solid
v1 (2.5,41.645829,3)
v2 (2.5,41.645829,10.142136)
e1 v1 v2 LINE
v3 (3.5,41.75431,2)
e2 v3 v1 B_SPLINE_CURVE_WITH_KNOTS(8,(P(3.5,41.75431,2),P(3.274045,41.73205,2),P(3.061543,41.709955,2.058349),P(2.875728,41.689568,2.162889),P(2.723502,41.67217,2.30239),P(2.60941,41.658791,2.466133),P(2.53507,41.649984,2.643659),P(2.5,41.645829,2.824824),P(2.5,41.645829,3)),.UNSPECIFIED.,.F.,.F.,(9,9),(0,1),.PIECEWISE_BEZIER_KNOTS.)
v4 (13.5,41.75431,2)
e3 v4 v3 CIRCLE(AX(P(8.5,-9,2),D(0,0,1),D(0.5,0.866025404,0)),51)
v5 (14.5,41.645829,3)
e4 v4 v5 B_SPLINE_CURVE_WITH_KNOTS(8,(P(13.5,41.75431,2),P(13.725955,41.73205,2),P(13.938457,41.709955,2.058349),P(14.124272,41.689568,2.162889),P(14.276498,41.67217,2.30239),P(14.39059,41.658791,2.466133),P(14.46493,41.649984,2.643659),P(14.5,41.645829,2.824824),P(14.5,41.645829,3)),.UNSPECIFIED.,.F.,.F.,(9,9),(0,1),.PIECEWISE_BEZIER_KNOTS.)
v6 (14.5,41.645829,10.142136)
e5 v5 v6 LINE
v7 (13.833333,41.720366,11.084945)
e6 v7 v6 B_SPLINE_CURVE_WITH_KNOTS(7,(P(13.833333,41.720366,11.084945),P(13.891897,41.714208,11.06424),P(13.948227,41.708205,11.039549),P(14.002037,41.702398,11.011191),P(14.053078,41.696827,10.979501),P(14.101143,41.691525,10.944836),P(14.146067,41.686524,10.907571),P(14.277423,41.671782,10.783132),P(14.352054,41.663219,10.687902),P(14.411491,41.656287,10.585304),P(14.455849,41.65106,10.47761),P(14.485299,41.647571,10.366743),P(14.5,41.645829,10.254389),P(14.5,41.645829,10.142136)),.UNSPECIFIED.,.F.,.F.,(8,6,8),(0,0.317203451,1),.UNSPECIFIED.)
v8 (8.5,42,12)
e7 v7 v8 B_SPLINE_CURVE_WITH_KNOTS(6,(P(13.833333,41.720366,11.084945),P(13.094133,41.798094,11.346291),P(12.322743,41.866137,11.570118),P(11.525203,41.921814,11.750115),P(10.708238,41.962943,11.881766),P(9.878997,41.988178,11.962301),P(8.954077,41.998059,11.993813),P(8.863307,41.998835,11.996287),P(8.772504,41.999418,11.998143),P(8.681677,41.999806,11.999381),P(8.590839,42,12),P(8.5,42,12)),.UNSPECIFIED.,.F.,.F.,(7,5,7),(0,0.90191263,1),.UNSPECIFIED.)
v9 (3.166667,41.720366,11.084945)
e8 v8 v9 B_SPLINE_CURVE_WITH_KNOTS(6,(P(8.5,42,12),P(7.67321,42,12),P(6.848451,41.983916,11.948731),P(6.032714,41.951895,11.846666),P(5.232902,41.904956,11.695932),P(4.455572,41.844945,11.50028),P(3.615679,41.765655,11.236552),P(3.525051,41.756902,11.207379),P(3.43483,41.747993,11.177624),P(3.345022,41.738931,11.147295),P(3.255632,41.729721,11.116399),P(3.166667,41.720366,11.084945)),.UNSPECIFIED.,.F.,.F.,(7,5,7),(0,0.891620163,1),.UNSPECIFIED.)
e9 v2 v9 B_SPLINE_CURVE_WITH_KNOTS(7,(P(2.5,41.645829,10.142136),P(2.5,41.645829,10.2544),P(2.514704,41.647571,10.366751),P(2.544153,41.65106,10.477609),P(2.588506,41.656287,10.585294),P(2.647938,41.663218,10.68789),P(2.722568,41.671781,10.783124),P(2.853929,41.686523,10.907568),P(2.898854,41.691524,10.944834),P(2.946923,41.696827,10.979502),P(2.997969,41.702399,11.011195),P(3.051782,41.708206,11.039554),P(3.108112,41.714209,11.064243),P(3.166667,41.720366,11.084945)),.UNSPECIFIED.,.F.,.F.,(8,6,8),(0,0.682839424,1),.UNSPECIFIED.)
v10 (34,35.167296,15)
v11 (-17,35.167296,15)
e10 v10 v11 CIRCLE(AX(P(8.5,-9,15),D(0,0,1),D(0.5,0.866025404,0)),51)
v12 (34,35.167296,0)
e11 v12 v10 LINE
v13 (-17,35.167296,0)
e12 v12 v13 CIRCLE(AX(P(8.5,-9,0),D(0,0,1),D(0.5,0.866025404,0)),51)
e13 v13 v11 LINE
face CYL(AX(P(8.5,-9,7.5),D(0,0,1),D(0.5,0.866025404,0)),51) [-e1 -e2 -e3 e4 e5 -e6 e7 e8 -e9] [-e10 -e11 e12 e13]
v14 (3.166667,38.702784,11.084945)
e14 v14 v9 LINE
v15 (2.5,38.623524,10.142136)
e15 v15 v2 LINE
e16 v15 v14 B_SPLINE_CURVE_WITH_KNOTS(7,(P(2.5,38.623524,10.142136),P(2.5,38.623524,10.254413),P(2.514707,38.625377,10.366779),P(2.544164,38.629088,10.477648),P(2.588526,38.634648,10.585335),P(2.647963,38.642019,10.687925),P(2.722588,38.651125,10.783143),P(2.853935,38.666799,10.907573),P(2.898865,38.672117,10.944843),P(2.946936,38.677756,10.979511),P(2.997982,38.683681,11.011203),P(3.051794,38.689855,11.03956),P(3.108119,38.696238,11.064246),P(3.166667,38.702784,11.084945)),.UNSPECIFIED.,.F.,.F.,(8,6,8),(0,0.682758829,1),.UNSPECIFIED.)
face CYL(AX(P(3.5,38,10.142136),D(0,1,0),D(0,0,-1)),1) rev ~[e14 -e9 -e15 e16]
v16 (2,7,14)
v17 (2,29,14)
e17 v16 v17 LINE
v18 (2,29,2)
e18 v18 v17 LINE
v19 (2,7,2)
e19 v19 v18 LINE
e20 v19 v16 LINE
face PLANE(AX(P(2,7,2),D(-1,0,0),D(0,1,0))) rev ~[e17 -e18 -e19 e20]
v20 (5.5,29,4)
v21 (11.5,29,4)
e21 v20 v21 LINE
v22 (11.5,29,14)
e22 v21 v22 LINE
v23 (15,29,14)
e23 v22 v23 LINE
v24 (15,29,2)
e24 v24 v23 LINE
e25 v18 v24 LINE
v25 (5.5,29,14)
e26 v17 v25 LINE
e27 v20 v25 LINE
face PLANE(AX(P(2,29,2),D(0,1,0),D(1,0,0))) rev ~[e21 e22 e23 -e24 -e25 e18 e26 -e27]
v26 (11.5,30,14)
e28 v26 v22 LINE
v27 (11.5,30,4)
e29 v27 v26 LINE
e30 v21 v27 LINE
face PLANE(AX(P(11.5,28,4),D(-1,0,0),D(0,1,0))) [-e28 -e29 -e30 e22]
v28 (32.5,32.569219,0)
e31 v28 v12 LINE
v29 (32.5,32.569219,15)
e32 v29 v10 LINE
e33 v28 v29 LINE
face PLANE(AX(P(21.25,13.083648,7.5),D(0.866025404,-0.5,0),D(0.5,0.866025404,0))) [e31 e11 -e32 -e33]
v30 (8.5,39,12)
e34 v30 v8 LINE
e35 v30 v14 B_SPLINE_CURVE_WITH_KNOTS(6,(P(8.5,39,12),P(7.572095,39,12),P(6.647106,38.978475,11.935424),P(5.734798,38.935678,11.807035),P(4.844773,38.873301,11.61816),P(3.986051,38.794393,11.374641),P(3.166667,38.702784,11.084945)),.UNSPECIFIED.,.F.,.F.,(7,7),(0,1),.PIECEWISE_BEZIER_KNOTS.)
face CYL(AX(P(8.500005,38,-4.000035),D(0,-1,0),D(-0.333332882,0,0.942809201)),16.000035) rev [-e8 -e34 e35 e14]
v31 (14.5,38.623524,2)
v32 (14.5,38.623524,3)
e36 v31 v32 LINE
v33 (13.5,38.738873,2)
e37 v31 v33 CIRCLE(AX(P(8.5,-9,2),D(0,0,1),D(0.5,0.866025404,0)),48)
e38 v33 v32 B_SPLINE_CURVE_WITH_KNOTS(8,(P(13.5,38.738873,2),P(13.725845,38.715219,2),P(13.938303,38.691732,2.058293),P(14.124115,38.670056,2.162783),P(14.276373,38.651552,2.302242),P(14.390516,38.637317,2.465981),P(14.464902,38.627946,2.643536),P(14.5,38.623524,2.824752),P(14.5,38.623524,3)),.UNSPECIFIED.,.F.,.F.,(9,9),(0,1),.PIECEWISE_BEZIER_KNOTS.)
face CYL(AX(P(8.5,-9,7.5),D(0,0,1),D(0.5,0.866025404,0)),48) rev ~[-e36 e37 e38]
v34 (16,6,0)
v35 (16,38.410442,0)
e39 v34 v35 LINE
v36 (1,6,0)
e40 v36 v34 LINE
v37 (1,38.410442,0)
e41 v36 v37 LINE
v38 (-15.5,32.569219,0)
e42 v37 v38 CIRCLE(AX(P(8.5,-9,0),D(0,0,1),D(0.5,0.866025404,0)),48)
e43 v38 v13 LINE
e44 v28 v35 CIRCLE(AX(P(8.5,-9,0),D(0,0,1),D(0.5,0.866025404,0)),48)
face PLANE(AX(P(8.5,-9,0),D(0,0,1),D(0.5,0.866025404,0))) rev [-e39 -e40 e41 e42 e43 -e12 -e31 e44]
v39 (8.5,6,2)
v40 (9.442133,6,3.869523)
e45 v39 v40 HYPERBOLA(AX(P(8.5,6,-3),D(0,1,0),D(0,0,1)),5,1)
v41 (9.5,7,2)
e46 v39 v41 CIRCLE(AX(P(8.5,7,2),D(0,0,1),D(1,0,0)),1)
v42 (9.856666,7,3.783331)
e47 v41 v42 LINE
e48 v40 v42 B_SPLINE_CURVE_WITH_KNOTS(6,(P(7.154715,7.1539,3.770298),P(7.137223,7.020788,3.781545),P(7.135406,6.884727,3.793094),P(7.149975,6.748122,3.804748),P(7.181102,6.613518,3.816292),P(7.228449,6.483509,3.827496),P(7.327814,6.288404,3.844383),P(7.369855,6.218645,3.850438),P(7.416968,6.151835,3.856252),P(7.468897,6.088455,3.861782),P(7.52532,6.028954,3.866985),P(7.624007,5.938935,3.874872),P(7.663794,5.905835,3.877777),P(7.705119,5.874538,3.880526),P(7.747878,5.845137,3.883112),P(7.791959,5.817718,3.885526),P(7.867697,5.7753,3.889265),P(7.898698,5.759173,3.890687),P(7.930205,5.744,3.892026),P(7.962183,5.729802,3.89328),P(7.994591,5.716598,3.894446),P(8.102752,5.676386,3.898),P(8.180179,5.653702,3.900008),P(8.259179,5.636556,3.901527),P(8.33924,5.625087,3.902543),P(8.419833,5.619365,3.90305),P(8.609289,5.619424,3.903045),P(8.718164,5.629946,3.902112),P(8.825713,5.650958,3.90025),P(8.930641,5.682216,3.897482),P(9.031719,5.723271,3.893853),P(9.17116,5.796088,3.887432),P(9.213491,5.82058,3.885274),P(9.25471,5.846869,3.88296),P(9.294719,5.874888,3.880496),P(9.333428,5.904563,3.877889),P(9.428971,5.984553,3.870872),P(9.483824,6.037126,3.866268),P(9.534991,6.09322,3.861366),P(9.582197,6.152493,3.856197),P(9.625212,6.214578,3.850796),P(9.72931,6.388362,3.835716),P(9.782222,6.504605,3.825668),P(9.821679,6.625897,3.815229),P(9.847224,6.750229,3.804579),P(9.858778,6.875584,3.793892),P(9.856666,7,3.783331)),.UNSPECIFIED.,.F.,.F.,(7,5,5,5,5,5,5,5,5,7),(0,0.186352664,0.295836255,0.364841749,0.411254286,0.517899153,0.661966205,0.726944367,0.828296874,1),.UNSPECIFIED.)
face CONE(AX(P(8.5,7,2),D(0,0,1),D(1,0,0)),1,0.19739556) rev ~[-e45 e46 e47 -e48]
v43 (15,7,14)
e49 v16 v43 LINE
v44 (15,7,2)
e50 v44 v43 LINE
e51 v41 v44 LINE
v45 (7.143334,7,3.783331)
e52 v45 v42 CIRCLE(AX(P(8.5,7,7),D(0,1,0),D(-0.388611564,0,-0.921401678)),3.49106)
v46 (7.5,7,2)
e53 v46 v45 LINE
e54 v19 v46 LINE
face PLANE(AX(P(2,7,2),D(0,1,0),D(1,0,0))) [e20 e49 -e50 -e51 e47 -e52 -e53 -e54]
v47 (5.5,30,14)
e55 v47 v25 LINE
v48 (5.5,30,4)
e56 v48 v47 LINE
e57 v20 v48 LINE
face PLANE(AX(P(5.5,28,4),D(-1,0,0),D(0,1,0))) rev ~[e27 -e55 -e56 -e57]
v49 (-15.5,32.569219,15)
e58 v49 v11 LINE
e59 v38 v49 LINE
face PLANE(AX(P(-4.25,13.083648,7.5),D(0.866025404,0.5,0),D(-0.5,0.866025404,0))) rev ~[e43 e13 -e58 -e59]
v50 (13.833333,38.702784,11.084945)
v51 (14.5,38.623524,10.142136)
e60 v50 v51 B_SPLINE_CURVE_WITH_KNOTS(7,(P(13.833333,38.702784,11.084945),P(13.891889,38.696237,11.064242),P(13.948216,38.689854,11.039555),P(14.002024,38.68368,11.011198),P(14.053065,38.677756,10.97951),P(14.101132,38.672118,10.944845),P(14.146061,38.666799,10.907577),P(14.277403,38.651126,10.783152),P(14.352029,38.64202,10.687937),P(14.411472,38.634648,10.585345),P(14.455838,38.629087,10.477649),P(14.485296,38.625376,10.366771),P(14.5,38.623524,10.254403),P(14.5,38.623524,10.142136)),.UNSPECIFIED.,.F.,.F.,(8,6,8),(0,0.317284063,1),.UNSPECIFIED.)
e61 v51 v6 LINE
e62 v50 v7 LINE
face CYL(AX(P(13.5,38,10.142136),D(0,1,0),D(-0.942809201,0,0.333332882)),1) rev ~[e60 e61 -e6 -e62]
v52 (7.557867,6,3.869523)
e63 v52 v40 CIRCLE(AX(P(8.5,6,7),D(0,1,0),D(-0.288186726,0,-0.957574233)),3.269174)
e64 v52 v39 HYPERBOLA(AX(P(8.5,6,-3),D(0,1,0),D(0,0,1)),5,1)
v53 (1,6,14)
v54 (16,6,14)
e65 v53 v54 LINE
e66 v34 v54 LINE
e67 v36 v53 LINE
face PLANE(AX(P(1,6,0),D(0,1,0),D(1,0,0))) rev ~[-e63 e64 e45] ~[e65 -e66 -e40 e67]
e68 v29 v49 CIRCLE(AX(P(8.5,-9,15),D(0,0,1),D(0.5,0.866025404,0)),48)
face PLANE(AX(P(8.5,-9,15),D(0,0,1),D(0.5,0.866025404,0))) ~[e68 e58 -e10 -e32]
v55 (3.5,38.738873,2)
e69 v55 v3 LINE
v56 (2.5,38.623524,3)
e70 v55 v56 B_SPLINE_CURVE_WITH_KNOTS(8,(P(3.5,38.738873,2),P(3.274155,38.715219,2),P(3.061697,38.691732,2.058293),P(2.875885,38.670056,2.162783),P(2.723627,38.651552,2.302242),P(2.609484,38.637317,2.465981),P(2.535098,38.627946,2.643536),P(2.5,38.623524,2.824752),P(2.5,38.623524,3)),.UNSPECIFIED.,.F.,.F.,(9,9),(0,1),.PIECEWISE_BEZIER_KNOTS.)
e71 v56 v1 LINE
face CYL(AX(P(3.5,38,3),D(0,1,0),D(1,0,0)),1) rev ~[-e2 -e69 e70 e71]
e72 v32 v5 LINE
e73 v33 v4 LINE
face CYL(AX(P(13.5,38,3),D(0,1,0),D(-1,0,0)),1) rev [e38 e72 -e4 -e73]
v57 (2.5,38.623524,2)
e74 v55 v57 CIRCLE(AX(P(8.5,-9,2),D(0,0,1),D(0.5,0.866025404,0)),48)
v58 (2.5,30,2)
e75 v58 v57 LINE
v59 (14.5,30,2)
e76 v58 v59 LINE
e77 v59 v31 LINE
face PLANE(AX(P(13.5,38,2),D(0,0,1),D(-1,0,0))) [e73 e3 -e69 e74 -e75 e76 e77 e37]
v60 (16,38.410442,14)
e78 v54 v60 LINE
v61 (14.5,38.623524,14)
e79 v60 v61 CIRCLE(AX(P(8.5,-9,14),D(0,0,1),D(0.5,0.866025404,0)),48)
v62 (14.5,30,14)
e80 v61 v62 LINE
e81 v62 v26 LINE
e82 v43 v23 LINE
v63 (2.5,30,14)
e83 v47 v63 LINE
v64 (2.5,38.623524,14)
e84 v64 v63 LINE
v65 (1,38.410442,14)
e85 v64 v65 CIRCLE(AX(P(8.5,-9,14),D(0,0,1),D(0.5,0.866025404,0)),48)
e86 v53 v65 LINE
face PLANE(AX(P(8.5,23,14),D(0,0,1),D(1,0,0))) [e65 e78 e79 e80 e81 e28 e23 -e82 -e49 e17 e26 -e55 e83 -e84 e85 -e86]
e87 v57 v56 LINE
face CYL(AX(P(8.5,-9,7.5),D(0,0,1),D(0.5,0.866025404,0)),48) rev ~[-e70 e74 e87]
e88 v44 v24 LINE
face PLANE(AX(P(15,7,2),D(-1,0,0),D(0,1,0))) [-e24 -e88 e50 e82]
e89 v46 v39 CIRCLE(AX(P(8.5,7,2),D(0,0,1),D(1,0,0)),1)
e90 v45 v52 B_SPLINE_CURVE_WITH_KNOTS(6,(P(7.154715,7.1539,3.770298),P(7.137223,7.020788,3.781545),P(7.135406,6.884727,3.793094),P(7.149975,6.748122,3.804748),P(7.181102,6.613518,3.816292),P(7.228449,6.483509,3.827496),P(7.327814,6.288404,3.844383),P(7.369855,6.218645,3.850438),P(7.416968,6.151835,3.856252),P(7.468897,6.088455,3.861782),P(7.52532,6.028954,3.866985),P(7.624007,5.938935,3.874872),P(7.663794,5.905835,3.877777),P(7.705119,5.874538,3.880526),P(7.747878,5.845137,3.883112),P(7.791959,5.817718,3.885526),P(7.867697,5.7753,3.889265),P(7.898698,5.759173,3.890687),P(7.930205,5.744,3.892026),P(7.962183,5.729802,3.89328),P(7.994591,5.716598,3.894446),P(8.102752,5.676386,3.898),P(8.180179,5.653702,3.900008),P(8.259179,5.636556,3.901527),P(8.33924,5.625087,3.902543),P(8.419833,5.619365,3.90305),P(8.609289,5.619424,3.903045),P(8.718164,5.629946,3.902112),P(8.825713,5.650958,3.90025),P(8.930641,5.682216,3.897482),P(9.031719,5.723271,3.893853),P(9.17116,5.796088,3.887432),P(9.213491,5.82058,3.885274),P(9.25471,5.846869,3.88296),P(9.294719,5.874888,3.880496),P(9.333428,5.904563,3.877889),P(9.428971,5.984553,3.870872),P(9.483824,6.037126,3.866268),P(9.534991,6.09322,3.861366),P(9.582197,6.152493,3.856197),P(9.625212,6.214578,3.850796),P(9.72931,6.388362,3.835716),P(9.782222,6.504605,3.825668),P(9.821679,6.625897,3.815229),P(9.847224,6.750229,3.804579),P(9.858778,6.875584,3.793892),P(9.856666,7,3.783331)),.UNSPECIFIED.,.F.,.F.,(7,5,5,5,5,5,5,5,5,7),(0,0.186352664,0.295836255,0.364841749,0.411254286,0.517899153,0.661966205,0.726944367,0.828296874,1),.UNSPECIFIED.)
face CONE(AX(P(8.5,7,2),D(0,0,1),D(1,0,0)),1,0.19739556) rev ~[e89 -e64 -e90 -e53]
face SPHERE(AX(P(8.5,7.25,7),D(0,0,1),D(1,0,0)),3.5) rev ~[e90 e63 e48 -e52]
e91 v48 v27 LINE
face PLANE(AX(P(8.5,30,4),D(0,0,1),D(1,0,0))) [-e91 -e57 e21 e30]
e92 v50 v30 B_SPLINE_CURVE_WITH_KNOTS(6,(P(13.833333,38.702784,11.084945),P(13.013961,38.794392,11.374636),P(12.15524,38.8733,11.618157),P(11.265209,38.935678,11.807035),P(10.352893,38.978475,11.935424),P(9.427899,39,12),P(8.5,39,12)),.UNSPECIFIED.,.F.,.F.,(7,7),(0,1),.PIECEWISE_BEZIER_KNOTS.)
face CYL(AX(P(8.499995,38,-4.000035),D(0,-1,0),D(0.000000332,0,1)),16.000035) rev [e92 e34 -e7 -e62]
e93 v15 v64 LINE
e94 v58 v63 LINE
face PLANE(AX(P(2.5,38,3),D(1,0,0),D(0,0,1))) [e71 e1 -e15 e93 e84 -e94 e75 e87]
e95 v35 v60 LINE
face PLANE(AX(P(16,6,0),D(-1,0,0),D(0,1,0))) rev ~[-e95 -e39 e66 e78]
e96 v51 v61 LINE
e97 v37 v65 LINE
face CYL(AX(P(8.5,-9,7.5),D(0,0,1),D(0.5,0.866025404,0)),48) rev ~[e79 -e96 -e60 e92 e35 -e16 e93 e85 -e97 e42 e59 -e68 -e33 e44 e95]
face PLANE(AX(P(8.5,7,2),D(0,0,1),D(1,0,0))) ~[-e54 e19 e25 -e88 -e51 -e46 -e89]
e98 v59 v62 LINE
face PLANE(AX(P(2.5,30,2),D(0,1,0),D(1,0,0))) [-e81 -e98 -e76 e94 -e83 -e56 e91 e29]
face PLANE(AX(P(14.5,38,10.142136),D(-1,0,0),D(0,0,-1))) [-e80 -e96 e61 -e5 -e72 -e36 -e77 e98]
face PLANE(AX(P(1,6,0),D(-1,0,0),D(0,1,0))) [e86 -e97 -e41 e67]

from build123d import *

# Parameters (mm, degrees)
EXTRUDE_DEPTH               = 5
EXTRUDE001_DEPTH            = 5
THICKNESS_T                 = 1
BOX004_W                    = 5
BOX004_H                    = 5
BOX004_DEPTH                = 5
CYLINDER001_W               = 48
CYLINDER001_H               = 15
CYLINDER001_ANGLE           = 60
CYLINDER001_PLACEMENT_ANGLE = 60
CYLINDER_W                  = 51
CYLINDER_H                  = 15
CYLINDER_ANGLE              = 60
CYLINDER_PLACEMENT_ANGLE    = 60
BOX003_W                    = 6
BOX003_H                    = 4
BOX003_DEPTH                = 15
BOX002_W                    = 12
BOX002_H                    = 10
BOX002_DEPTH                = 15
BOX001_W                    = 13
BOX001_H                    = 22
BOX001_DEPTH                = 12
BOX_W                       = 15
BOX_H                       = 34
BOX_DEPTH                   = 14


with BuildPart() as extrude_body:
    # Common_cs → Extrude (new body)
    with BuildSketch(Plane(origin=(8.5, 45, 6), x_dir=(1, 0, 0), z_dir=(0, 1, 0))):
        with BuildLine():
            Line((5, 4), (-5, 4))
            Line((-5, 4), (-5, -3.142136))
            ThreePointArc((-5, -3.142136), (-2.53653, -3.783978), (0, -4))
            ThreePointArc((0, -4), (2.53653, -3.783978), (5, -3.142136))
            Line((5, -3.142136), (5, 4))
        make_face()
    extrude(amount=EXTRUDE_DEPTH)


with BuildPart() as extrude001:
    # Common_cs001 → Extrude001 (new body)
    with BuildSketch(Plane(origin=(8.5, 45, 6), x_dir=(1, 0, 0), z_dir=(0, 1, 0))):
        with BuildLine():
            Line((5, 4), (-5, 4))
            Line((-5, 4), (-5, -3.142136))
            ThreePointArc((-5, -3.142136), (-2.53653, -3.783978), (0, -4))
            ThreePointArc((0, -4), (2.53653, -3.783978), (5, -3.142136))
            Line((5, -3.142136), (5, 4))
        make_face()
    extrude(amount=EXTRUDE001_DEPTH)


with BuildPart() as fusion001:
    # Thickness base: copy of Extrude body
    add(extrude_body.part)

    # Thickness
    thickness_openings = [fusion001.faces().sort_by_distance(p)[0] for p in [
        (8.5, 50, 5.862901),
    ]]
    offset(amount=THICKNESS_T, openings=thickness_openings)

    # Fusion001: union Extrude body, Extrude001
    add(extrude_body.part)
    add(extrude001.part)


with BuildPart() as fusion001_1:
    # Fusion001 placement: moved
    add(fusion001.part.moved(Location((0, -7, 1))))


with BuildPart() as pin_opening:
    # Box004 → Box004 (new body)
    with BuildSketch(Plane(origin=(6, 38.5, 5), x_dir=(1, 0, 0), z_dir=(0, 0, 1))):
        with Locations((2.5, 2.5)):
            Rectangle(BOX004_W, BOX004_H)
    extrude(amount=BOX004_DEPTH)


with BuildPart() as bottle_wall001:
    # Cylinder001 → Cylinder001 (revolve)
    with BuildSketch(Plane.XZ):
        with Locations((24, 7.5)):
            Rectangle(CYLINDER001_W, CYLINDER001_H)
    revolve(axis=Axis((0, 0, 0), (0, 0, 1)), revolution_arc=CYLINDER001_ANGLE)


with BuildPart() as bottle_wall001_1:
    # Cylinder001 placement: moved
    add(bottle_wall001.part.moved(Location((8.5, -7, 0))).rotate(Axis((8.5, -7, 0), (0, 0, 1)), CYLINDER001_PLACEMENT_ANGLE))


with BuildPart() as cut005:
    # Cylinder → Cylinder (revolve)
    with BuildSketch(Plane.XZ):
        with Locations((25.5, 7.5)):
            Rectangle(CYLINDER_W, CYLINDER_H)
    revolve(axis=Axis((0, 0, 0), (0, 0, 1)), revolution_arc=CYLINDER_ANGLE)


with BuildPart() as cut005_1:
    # Cylinder placement: moved
    add(cut005.part.moved(Location((8.5, -7, 0))).rotate(Axis((8.5, -7, 0), (0, 0, 1)), CYLINDER_PLACEMENT_ANGLE))

    # Cut005: cut bottle_wall001
    add(bottle_wall001_1.part, mode=Mode.SUBTRACT)


with BuildPart() as cut005_2:
    # Cut005 placement: moved
    add(cut005_1.part.moved(Location((0, -2, 0))))


with BuildPart() as cone:
    # Cone → Cone (revolve)
    with BuildSketch(Plane(origin=(8.5, 7, 2), x_dir=(1, 0, 0), z_dir=(0, -1, 0))):
        Polygon((0, 0), (1, 0), (2, 5), (0, 5), align=None)
    revolve(axis=Axis((8.5, 7, 2), (0, 0, 1)))


with BuildPart() as pinhole:
    # Sphere → Sphere (revolve)
    with BuildSketch(Plane(origin=(8.5, 7.25, 7), x_dir=(1, 0, 0), z_dir=(0, -1, 0))):
        with BuildLine():
            ThreePointArc((0, -3.5), (3.5, 0), (0, 3.5))
            Line((0, 3.5), (0, -3.5))
        make_face()
    revolve(axis=Axis((8.5, 7.25, 7), (0, 0, 1)))


with BuildPart() as neck:
    # Box003 → Box003 (new body)
    with BuildSketch(Plane(origin=(5.5, 28, 4), x_dir=(1, 0, 0), z_dir=(0, 0, 1))):
        with Locations((3, 2)):
            Rectangle(BOX003_W, BOX003_H)
    extrude(amount=BOX003_DEPTH)


with BuildPart() as pullbay:
    # Box002 → Box002 (new body)
    with BuildSketch(Plane(origin=(2.5, 30, 2), x_dir=(1, 0, 0), z_dir=(0, 0, 1))):
        with Locations((6, 5)):
            Rectangle(BOX002_W, BOX002_H)
    extrude(amount=BOX002_DEPTH)


with BuildPart() as solenoidbay:
    # Box001 → Box001 (new body)
    with BuildSketch(Plane(origin=(2, 7, 2), x_dir=(1, 0, 0), z_dir=(0, 0, 1))):
        with Locations((6.5, 11)):
            Rectangle(BOX001_W, BOX001_H)
    extrude(amount=BOX001_DEPTH)


with BuildPart() as cut007:
    # Box → Box (new body)
    with BuildSketch(Plane(origin=(1, 6, 0), x_dir=(1, 0, 0), z_dir=(0, 0, 1))):
        with Locations((7.5, 17)):
            Rectangle(BOX_W, BOX_H)
    extrude(amount=BOX_DEPTH)

    # Cut: cut solenoidBay
    add(solenoidbay.part, mode=Mode.SUBTRACT)

    # Cut001: cut pullBay
    add(pullbay.part, mode=Mode.SUBTRACT)

    # Cut002: cut neck
    add(neck.part, mode=Mode.SUBTRACT)

    # Cut003: cut pinhole
    add(pinhole.part, mode=Mode.SUBTRACT)

    # Cut004: cut Cone
    add(cone.part, mode=Mode.SUBTRACT)

    # Fusion: union Cut005
    add(cut005_2.part)

    # Cut006: cut pin_opening
    add(pin_opening.part, mode=Mode.SUBTRACT)

    # Cut007: cut Fusion001
    add(fusion001_1.part, mode=Mode.SUBTRACT)


solid = cut007.part
